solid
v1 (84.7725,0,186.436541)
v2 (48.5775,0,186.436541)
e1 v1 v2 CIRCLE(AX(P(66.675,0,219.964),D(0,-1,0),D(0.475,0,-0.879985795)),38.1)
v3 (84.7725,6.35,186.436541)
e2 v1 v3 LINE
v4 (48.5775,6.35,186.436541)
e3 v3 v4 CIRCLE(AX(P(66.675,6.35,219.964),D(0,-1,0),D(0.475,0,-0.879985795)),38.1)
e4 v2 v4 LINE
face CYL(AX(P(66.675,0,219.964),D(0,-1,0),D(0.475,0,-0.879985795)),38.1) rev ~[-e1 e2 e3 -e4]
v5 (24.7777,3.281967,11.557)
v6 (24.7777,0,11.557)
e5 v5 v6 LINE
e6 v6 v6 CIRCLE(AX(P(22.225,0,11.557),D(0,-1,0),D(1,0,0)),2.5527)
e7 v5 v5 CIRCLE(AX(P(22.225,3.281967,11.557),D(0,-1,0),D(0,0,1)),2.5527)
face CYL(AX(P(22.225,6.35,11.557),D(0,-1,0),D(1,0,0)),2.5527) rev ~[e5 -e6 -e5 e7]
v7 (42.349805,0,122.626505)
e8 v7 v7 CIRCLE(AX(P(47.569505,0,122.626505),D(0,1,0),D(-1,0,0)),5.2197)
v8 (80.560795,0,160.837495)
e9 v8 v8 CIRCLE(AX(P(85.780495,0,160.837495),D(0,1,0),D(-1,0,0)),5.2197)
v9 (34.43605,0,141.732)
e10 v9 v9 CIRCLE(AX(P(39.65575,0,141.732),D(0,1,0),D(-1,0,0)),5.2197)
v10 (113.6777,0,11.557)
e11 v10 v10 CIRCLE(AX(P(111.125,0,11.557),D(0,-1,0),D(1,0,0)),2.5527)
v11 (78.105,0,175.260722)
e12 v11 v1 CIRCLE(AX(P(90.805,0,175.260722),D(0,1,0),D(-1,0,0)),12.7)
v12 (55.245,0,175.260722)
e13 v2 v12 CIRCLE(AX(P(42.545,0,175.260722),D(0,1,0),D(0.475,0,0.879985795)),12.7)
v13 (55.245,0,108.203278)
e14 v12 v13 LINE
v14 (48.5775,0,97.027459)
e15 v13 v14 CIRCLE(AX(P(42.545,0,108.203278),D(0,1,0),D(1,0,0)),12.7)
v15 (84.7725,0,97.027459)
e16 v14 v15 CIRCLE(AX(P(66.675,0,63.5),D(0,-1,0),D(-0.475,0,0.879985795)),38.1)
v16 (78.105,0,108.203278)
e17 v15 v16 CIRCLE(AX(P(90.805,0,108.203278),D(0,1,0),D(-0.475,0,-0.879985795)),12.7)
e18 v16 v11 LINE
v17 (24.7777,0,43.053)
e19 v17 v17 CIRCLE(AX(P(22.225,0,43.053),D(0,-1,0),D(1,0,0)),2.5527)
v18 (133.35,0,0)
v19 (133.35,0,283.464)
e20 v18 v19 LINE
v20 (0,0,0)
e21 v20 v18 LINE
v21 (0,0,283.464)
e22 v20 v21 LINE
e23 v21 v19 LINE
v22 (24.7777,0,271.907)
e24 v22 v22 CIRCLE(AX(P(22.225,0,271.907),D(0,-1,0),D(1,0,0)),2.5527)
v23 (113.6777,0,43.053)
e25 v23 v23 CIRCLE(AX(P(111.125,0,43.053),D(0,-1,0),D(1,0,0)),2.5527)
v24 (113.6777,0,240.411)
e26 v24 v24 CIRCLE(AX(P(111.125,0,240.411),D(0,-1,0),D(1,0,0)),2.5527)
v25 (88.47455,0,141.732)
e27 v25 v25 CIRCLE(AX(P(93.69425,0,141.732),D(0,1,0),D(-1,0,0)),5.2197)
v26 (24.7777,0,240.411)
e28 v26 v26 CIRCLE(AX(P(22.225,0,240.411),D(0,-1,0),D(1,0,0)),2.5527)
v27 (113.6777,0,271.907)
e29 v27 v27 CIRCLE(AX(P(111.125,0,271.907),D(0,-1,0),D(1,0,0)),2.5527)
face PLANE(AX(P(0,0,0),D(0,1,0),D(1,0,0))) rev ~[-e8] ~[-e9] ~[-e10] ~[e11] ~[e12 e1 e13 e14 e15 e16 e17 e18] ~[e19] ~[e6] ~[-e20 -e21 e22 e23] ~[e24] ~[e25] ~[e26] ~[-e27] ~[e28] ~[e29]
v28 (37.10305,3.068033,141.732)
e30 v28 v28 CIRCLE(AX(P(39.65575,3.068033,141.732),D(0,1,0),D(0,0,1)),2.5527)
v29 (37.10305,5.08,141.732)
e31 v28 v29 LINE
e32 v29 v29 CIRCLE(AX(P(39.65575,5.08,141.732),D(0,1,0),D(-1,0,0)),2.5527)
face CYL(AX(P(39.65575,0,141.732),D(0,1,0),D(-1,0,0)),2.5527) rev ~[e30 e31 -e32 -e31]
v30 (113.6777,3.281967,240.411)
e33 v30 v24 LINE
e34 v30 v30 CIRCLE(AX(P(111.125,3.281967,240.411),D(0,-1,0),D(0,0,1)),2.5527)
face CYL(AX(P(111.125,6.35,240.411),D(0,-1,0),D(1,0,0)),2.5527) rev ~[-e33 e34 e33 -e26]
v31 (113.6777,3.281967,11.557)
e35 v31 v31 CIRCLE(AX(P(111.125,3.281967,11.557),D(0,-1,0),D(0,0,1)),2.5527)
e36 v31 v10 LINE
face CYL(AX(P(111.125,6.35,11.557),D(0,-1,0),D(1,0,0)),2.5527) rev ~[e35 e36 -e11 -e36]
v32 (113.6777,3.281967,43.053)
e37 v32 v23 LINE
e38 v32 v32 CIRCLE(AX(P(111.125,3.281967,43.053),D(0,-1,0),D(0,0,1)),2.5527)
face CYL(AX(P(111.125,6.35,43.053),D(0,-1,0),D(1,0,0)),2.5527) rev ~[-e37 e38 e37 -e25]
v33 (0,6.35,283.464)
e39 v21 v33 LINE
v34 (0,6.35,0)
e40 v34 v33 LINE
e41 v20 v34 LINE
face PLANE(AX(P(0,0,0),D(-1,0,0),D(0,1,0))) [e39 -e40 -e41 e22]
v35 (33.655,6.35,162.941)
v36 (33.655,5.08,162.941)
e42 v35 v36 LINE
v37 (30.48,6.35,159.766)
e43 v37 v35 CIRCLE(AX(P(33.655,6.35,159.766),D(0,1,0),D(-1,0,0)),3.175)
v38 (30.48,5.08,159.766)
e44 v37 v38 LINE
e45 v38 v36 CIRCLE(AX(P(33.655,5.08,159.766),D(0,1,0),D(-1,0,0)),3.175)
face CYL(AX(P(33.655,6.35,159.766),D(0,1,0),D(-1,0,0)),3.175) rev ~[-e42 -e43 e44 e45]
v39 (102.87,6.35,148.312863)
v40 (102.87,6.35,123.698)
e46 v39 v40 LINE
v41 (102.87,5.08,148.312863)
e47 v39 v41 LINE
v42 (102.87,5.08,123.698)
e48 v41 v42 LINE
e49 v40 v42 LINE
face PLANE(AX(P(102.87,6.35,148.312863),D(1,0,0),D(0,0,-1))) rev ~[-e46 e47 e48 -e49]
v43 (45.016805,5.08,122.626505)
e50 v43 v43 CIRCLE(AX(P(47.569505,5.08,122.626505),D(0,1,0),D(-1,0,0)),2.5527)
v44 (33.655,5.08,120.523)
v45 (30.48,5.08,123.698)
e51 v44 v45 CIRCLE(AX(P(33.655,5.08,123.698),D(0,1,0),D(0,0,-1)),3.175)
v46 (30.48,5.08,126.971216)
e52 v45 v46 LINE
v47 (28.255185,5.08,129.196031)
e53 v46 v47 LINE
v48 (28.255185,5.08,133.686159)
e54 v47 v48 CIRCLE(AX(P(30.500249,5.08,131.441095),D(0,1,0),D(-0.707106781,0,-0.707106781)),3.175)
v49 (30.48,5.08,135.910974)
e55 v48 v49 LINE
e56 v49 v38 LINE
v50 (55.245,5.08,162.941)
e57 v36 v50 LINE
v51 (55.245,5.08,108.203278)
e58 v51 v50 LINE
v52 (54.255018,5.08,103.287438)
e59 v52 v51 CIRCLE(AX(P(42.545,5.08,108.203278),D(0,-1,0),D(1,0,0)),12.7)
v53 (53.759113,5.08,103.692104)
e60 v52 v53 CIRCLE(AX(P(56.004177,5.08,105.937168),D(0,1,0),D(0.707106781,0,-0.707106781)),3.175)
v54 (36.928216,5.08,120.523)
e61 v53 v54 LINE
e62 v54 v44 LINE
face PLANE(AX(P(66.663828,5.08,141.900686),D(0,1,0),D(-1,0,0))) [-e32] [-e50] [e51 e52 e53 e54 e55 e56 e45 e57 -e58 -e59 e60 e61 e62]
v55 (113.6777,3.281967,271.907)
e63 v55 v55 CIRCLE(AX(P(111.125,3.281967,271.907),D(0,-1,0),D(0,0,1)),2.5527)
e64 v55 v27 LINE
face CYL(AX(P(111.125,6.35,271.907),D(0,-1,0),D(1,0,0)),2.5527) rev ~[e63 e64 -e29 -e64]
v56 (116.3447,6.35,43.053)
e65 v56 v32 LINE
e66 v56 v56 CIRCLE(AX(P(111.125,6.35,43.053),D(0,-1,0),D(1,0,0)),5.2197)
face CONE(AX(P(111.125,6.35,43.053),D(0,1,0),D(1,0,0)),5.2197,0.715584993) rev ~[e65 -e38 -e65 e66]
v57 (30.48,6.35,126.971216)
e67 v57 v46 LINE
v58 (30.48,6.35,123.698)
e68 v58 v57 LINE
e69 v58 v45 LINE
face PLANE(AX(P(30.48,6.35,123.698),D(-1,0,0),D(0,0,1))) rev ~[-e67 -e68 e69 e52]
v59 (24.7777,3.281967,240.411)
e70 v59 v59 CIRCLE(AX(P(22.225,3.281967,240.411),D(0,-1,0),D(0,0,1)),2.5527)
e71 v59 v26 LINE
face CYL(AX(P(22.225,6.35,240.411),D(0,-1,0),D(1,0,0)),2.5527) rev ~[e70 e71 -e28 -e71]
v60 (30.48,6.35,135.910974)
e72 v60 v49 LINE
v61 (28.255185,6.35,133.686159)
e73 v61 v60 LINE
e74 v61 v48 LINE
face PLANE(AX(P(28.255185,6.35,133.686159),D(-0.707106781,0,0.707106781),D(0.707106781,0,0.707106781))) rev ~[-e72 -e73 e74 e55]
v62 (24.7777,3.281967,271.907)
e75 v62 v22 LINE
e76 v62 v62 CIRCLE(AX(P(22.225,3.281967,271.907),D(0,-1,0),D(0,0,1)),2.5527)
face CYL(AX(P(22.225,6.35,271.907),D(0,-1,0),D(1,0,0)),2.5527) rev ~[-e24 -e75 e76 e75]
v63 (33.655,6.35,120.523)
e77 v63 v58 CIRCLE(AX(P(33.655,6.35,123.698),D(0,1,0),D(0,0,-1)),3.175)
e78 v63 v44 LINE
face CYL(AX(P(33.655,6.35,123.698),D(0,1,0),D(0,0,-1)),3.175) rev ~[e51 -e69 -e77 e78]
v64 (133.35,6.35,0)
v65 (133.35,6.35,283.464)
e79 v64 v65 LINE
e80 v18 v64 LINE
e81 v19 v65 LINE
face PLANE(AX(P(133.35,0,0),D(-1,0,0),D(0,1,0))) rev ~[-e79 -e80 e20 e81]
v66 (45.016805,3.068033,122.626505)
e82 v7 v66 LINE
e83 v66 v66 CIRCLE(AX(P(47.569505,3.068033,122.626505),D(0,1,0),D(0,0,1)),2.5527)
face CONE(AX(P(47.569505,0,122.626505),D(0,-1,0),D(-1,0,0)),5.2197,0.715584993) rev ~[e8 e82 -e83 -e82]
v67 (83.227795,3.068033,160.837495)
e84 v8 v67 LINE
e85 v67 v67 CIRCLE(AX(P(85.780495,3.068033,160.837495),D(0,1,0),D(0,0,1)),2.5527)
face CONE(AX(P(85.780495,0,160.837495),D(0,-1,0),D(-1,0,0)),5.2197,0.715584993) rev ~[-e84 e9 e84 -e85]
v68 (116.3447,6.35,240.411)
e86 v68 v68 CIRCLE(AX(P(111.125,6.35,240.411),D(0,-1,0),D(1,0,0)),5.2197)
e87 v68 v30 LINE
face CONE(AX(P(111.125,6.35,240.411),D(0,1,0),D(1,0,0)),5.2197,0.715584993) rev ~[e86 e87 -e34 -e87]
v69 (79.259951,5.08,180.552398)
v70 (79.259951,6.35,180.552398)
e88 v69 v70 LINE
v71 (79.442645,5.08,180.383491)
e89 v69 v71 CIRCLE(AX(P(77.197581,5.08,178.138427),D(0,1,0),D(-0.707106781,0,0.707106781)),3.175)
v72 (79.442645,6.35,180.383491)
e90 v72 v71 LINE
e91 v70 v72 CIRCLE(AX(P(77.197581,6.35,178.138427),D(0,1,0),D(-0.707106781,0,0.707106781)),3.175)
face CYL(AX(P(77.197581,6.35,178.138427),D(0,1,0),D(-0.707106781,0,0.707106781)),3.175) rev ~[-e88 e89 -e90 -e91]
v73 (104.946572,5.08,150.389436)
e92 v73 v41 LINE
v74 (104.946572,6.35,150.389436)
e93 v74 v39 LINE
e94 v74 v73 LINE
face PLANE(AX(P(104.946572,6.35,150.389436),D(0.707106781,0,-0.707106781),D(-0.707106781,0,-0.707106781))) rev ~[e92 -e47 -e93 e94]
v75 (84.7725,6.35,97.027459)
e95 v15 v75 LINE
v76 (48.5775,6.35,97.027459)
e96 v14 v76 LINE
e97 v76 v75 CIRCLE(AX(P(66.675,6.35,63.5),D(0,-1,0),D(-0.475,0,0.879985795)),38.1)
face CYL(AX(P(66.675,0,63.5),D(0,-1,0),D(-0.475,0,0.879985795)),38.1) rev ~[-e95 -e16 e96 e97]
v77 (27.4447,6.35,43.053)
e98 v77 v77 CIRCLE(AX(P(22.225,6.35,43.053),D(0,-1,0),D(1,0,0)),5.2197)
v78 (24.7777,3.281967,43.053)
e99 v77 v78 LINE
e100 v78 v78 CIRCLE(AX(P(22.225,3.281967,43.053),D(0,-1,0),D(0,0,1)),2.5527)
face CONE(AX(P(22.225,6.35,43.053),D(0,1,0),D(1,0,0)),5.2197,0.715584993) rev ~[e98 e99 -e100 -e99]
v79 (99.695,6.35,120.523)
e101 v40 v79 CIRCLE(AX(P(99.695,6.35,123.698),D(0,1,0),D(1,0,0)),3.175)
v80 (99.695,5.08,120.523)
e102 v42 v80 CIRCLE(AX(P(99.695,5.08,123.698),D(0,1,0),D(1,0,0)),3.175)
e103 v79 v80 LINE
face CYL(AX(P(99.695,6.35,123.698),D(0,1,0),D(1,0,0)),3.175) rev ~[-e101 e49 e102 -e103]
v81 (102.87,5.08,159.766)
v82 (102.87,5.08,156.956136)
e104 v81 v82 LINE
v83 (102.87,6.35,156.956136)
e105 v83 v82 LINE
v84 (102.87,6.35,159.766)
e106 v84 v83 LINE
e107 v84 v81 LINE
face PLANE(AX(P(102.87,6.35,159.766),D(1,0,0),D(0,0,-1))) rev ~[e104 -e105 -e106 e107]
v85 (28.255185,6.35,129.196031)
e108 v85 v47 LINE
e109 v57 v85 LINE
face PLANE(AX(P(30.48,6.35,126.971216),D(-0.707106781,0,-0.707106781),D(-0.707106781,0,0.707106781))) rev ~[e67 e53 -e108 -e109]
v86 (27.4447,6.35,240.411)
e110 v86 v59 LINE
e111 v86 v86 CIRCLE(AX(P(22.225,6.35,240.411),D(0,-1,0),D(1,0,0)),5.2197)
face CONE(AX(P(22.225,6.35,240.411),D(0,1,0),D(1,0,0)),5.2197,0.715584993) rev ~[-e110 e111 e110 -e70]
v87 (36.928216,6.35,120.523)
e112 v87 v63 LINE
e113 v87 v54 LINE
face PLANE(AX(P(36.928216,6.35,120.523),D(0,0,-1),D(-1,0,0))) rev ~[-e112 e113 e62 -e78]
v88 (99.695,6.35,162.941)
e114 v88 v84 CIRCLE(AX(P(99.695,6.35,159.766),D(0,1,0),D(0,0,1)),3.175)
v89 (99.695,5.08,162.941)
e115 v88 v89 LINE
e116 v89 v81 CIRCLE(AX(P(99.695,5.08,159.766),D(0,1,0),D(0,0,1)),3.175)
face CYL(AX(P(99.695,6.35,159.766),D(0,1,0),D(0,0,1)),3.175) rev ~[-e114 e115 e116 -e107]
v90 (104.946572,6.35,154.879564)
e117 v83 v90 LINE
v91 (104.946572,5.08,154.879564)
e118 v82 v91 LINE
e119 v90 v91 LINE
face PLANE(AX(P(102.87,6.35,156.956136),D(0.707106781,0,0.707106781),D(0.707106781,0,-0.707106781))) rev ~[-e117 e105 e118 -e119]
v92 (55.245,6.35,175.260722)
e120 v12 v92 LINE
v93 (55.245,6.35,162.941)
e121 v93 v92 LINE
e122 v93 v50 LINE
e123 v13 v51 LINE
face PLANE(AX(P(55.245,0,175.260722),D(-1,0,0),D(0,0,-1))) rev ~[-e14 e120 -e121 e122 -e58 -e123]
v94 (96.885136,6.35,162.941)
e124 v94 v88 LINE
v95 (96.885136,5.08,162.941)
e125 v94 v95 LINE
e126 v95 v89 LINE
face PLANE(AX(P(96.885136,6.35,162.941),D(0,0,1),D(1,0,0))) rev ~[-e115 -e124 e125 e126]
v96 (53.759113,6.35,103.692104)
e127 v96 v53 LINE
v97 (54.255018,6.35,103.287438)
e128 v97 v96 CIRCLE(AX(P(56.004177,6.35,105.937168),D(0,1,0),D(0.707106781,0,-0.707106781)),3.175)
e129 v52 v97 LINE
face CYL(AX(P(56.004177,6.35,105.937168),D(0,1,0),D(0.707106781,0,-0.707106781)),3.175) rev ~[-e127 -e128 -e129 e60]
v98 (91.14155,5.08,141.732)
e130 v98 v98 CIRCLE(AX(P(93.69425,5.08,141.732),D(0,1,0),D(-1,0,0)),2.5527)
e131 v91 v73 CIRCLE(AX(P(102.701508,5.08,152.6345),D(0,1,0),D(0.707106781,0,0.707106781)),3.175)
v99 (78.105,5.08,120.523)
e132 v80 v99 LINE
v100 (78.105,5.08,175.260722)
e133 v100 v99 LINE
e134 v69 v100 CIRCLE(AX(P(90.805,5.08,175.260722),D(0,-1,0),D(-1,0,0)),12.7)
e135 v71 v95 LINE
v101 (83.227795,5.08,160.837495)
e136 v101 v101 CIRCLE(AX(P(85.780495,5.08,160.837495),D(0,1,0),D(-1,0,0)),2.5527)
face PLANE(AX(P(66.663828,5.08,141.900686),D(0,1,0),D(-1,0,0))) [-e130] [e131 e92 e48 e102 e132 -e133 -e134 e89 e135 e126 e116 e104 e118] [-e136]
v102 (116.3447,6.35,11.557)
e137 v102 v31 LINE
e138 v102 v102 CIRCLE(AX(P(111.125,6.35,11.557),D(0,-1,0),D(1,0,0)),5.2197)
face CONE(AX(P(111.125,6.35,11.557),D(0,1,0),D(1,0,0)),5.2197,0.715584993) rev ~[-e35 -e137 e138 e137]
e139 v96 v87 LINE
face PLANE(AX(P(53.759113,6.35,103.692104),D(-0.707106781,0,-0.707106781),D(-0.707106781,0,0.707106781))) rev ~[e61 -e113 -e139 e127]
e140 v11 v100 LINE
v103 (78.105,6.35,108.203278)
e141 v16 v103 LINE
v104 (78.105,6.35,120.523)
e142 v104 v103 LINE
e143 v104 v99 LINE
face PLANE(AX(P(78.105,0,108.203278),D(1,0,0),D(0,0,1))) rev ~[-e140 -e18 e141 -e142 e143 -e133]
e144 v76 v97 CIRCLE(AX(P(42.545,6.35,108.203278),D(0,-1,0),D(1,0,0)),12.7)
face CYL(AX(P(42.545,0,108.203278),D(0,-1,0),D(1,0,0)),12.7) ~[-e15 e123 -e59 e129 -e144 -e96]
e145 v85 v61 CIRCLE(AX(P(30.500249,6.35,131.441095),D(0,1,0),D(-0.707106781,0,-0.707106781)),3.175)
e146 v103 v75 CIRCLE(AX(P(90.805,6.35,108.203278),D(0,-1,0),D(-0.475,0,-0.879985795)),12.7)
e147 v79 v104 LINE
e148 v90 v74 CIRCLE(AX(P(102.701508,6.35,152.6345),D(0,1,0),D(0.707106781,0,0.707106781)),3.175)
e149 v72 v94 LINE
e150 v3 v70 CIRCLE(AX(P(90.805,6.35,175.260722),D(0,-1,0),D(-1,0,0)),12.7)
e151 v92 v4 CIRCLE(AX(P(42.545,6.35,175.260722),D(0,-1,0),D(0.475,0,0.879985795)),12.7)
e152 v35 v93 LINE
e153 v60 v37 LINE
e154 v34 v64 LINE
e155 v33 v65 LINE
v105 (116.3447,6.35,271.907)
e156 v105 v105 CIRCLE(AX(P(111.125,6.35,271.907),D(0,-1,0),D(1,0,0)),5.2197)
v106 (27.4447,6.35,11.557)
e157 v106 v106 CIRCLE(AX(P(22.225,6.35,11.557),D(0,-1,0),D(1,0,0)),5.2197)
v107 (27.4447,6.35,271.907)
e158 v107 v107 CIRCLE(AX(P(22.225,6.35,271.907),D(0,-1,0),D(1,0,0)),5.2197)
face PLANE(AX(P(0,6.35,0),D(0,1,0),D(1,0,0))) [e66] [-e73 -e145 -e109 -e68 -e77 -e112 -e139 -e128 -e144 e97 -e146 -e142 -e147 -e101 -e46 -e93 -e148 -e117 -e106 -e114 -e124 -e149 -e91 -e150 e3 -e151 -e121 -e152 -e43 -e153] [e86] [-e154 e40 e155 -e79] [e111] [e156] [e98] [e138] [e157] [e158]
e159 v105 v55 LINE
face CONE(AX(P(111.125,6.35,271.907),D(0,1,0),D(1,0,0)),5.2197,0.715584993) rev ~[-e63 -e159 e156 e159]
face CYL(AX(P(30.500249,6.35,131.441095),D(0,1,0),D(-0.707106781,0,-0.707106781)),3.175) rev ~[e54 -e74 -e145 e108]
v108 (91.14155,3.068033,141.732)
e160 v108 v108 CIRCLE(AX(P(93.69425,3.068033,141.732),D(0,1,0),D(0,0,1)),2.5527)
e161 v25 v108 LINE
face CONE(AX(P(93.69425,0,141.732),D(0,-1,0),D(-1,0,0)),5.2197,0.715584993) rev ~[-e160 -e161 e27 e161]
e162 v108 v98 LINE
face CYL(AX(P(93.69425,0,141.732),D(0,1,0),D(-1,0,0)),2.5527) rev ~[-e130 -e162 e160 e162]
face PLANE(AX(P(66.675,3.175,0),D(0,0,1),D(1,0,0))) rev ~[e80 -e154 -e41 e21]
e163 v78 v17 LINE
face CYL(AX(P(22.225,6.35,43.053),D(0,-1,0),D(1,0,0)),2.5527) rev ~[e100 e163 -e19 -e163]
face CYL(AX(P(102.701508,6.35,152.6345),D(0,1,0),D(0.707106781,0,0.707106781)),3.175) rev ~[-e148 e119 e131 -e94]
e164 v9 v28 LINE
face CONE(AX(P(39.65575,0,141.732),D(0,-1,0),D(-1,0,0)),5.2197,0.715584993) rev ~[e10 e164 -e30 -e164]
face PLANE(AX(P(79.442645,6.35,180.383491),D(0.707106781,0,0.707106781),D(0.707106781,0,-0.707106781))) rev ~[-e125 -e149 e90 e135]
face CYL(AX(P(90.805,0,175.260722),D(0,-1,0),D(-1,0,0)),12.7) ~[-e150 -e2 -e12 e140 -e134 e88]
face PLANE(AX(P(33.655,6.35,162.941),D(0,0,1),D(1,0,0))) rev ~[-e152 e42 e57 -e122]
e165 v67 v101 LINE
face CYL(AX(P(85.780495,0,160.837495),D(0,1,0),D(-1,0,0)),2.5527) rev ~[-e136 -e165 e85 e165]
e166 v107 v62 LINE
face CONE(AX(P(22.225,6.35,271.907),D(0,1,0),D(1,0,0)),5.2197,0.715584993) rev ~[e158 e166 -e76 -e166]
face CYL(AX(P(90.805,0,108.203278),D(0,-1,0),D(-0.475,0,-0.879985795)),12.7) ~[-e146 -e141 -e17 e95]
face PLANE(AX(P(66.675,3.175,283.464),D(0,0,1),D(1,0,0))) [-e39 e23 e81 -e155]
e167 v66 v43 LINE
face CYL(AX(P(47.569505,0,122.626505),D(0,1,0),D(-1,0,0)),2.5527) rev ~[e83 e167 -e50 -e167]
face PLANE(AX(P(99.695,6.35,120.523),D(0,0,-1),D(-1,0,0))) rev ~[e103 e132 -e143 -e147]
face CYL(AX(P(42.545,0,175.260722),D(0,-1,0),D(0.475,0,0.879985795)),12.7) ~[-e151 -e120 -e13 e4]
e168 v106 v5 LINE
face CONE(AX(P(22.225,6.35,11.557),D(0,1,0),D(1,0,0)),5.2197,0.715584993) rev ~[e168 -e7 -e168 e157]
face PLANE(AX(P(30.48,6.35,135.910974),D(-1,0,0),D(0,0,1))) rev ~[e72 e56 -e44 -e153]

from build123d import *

# Parameters (mm, degrees)
F0_W           = 133.35
F0_H           = 6.35
F1_DEPTH       = 283.464
F6_DEPTH       = 1.27
F7_D           = 5.1054
F7_CSINK_D     = 10.4394
F7_CSINK_ANGLE = 82
F9_D           = 5.1054
F9_CSINK_D     = 10.4394
F9_CSINK_ANGLE = 82
F11_DEPTH      = 6.351


with BuildPart() as f1:
    # F0 (on Top) → F1 (new body)
    with BuildSketch(Plane.XY):
        with Locations((66.675, 3.175)):
            Rectangle(F0_W, F0_H)
    extrude(amount=F1_DEPTH)

    # F5 (on face) → F6 (cut)
    with BuildSketch(Plane(origin=(0, 6.35, 0), x_dir=(-1, 0, 0), z_dir=(0, 1, 0))):
        with BuildLine():
            ThreePointArc((-102.87, 123.698), (-101.9400640303, 121.4529359697), (-99.695, 120.523))
            Line((-99.695, 120.523), (-75.080136745, 120.523))
            Line((-75.080136745, 120.523), (-58.2492406429, 103.6921038979))
            ThreePointArc((-58.2492406429, 103.6921038979), (-56.0041766126, 102.7621679282), (-53.7591125824, 103.6921038979))
            Line((-53.7591125824, 103.6921038979), (-36.9282164803, 120.523))
            Line((-36.9282164803, 120.523), (-33.655, 120.523))
            ThreePointArc((-33.655, 120.523), (-31.4099359697, 121.4529359697), (-30.48, 123.698))
            Line((-30.48, 123.698), (-30.48, 126.9712164803))
            Line((-30.48, 126.9712164803), (-28.2551851985, 129.1960312817))
            ThreePointArc((-28.2551851985, 129.1960312817), (-27.3252492288, 131.441095312), (-28.2551851985, 133.6861593423))
            Line((-28.2551851985, 133.6861593423), (-30.48, 135.9109741438))
            Line((-30.48, 135.9109741438), (-30.48, 159.766))
            ThreePointArc((-30.48, 159.766), (-31.4099359697, 162.0110640303), (-33.655, 162.941))
            Line((-33.655, 162.941), (-57.5100258562, 162.941))
            Line((-57.5100258562, 162.941), (-74.9525170281, 180.3834911718))
            ThreePointArc((-74.9525170281, 180.3834911718), (-77.1975810584, 181.3134271416), (-79.4426450886, 180.3834911718))
            Line((-79.4426450886, 180.3834911718), (-96.8851362605, 162.941))
            Line((-96.8851362605, 162.941), (-99.695, 162.941))
            ThreePointArc((-99.695, 162.941), (-101.9400640303, 162.0110640303), (-102.87, 159.766))
            Line((-102.87, 159.766), (-102.87, 156.9561362605))
            Line((-102.87, 156.9561362605), (-104.9465724725, 154.879563788))
            ThreePointArc((-104.9465724725, 154.879563788), (-105.8765084422, 152.6344997577), (-104.9465724725, 150.3894357275))
            Line((-104.9465724725, 150.3894357275), (-102.87, 148.312863255))
            Line((-102.87, 148.312863255), (-102.87, 123.698))
        make_face()
    extrude(amount=-F6_DEPTH, mode=Mode.SUBTRACT)

    # F7 (through all)
    with Locations(Plane.XZ):
        with Locations((39.65575, 141.732), (93.69425, 141.732), (85.7804948976, 160.8374948976), (47.5695051024, 122.6265051024)):
            CounterSinkHole(F7_D / 2, F7_CSINK_D / 2, counter_sink_angle=F7_CSINK_ANGLE)

    # F9 (through all)
    with Locations(Plane(origin=(0, 6.35, 0), x_dir=(-1, 0, 0), z_dir=(0, 1, 0))):
        with Locations((-22.225, 271.907), (-111.125, 271.907), (-22.225, 11.557), (-111.125, 11.557), (-111.125, 240.411), (-22.225, 240.411), (-111.125, 43.053), (-22.225, 43.053)):
            CounterSinkHole(F9_D / 2, F9_CSINK_D / 2, counter_sink_angle=F9_CSINK_ANGLE)

    # F10 (on face) → F11 (cut, through all)
    with BuildSketch(Plane.XZ):
        with BuildLine():
            ThreePointArc((78.105, 175.2607215967), (79.8985168363, 181.7675353331), (84.7725, 186.4365411975))
            ThreePointArc((84.7725, 186.4365411975), (66.675, 258.064), (48.5775, 186.4365411975))
            ThreePointArc((48.5775, 186.4365411975), (53.4514831637, 181.7675353331), (55.245, 175.2607215967))
            Line((55.245, 175.2607215967), (55.245, 108.2032784033))
            ThreePointArc((55.245, 108.2032784033), (53.4514831637, 101.6964646669), (48.5775, 97.0274588025))
            ThreePointArc((48.5775, 97.0274588025), (66.675, 25.4), (84.7725, 97.0274588025))
            ThreePointArc((84.7725, 97.0274588025), (79.8985168363, 101.6964646669), (78.105, 108.2032784033))
            Line((78.105, 108.2032784033), (78.105, 175.2607215967))
        make_face()
    extrude(amount=-F11_DEPTH, mode=Mode.SUBTRACT)


solid = f1.part
